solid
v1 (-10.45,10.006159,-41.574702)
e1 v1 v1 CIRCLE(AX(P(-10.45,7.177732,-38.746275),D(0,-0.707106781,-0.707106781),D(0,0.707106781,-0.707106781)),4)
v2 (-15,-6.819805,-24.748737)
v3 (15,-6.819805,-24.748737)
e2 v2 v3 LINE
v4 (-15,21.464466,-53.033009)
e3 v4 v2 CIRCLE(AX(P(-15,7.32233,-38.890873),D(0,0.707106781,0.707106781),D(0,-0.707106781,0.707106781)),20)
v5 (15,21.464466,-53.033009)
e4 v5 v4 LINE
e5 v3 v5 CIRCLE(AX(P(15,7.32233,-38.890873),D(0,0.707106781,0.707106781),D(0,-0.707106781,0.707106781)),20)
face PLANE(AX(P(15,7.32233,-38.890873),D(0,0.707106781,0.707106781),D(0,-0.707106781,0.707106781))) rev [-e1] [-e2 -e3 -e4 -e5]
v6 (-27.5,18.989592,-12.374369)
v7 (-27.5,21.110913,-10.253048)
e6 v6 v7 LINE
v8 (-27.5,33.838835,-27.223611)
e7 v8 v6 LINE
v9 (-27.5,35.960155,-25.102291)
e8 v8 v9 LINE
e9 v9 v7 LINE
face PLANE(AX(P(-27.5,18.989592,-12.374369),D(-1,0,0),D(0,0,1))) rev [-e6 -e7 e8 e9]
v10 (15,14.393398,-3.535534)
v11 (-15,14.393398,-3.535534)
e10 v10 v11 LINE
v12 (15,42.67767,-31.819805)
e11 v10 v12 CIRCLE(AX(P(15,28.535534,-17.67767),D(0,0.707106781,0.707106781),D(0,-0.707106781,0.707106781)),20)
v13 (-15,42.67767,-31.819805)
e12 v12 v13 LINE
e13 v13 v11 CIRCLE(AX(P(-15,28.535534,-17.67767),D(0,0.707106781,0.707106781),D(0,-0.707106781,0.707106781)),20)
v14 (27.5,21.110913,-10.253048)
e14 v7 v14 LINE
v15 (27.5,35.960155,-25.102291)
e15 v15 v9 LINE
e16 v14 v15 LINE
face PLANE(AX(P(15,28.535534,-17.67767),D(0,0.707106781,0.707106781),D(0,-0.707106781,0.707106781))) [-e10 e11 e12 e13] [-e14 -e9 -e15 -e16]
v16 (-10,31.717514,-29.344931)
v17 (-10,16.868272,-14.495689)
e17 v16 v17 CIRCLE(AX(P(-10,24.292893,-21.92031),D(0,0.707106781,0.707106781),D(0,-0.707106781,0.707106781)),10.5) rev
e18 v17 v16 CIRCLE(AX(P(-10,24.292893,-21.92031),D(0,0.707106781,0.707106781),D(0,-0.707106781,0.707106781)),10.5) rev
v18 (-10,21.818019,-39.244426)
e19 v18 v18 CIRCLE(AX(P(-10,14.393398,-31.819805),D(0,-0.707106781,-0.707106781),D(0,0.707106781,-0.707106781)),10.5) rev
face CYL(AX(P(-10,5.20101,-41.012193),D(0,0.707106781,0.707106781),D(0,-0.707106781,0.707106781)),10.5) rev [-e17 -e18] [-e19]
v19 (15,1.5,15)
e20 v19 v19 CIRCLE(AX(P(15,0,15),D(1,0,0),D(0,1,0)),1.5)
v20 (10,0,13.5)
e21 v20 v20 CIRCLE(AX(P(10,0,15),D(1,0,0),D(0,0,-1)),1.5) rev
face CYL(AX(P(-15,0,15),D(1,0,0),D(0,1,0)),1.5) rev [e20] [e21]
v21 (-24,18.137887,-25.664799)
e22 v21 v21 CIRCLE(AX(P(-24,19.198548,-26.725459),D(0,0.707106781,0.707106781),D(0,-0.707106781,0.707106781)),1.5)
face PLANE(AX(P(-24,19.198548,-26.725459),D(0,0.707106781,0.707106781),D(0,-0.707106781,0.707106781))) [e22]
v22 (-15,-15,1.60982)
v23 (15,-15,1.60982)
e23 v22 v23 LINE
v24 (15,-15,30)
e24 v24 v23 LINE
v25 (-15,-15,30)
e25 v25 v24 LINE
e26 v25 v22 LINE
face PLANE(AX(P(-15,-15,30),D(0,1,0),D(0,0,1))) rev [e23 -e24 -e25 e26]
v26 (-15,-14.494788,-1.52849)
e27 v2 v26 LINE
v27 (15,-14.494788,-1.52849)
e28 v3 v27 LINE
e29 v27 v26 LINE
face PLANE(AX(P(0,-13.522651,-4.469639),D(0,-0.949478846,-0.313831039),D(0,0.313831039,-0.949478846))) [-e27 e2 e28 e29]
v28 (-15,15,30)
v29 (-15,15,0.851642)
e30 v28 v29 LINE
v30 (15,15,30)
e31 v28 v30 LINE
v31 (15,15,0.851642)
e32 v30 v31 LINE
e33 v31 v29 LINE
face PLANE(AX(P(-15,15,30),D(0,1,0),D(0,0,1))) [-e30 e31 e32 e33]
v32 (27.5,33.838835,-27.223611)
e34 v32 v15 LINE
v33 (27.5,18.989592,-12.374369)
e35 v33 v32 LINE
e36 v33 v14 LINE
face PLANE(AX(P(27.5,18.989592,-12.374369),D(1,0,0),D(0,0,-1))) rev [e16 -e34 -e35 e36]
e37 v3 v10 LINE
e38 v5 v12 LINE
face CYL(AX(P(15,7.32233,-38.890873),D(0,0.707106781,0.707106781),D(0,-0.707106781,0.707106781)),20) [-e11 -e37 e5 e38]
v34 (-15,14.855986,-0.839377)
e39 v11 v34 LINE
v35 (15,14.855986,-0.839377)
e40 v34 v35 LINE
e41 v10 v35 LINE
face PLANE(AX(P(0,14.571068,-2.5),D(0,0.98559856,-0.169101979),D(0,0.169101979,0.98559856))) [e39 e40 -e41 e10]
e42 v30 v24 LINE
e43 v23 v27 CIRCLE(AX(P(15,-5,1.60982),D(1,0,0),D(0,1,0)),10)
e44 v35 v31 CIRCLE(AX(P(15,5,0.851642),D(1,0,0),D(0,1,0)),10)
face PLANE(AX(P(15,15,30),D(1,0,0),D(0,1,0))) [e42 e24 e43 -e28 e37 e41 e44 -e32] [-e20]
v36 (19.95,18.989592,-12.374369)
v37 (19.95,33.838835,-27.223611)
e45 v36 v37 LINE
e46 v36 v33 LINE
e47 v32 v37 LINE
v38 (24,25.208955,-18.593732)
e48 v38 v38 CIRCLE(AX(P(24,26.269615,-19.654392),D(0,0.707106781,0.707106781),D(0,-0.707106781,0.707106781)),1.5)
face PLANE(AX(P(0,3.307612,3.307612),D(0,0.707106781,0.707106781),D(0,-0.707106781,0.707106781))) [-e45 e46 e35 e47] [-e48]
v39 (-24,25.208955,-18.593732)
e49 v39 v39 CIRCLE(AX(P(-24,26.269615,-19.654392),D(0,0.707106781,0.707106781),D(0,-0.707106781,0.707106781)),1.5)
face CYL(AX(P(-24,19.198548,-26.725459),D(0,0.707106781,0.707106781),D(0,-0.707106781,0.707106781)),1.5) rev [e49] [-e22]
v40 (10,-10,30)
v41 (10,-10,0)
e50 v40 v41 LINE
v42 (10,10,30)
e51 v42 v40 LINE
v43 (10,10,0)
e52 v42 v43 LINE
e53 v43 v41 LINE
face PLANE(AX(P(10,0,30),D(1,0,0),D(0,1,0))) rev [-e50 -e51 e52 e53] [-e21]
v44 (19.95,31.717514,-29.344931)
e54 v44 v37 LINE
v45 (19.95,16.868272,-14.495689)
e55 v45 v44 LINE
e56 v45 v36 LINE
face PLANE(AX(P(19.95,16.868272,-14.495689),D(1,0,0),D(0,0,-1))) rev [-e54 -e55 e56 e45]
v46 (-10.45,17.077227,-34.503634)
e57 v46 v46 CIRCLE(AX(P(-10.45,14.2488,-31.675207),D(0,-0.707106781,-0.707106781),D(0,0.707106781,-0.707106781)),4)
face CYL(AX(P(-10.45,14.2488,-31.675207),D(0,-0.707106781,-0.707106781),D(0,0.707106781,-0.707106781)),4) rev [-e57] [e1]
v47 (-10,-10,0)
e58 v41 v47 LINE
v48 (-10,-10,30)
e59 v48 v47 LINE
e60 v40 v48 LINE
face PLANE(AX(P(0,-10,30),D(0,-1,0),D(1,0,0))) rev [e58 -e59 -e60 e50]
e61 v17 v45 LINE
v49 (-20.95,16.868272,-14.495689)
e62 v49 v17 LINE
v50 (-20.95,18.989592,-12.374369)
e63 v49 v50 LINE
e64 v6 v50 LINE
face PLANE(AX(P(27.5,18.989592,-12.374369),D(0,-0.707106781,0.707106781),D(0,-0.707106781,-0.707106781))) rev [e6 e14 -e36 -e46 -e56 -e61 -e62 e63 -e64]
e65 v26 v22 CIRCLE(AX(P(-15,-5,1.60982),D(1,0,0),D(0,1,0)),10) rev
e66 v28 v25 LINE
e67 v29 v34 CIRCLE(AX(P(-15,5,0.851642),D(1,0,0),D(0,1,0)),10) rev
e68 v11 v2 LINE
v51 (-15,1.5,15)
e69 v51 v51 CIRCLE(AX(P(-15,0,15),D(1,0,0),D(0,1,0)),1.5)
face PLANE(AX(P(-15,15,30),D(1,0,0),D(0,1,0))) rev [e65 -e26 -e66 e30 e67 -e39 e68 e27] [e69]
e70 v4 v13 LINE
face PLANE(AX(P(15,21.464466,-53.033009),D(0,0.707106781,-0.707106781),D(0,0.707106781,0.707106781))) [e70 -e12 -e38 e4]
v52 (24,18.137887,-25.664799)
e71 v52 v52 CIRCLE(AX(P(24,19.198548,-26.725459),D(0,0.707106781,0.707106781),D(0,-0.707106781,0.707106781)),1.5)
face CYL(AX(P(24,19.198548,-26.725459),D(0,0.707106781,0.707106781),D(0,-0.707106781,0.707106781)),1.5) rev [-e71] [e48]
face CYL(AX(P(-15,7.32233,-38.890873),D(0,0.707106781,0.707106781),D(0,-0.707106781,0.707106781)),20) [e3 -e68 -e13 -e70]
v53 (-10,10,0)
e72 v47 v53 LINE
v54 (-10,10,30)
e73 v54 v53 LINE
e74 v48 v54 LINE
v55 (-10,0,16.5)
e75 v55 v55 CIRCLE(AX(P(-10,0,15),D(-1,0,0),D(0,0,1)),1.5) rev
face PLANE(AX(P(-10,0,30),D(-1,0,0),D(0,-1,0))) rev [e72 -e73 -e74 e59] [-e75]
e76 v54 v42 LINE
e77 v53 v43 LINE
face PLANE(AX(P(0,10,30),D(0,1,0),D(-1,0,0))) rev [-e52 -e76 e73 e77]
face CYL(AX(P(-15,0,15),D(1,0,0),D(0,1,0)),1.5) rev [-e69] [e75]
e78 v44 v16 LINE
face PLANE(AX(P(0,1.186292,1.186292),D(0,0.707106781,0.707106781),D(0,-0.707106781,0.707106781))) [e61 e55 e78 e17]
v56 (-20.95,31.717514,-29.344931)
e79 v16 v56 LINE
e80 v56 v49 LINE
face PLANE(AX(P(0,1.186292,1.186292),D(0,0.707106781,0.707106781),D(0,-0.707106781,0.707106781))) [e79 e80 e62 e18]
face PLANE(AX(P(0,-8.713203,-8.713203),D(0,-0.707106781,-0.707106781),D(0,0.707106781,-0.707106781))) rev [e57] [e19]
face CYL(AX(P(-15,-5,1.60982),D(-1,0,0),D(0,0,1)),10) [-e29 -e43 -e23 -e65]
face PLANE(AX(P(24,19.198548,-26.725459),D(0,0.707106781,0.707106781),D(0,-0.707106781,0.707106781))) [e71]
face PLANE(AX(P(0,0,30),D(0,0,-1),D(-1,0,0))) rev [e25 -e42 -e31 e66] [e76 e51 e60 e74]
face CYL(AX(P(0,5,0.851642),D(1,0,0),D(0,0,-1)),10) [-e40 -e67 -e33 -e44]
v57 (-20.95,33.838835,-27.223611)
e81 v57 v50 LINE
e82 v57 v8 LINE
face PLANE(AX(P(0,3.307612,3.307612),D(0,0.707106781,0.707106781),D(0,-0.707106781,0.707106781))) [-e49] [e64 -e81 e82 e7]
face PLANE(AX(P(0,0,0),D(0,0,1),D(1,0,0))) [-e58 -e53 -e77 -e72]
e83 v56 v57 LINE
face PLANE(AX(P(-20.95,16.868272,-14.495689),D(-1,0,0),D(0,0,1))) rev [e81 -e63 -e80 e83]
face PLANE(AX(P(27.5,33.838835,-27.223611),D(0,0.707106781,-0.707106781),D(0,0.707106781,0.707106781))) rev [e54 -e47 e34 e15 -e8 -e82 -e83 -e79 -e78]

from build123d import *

# Parameters (mm, degrees)
SKETCH1_W           = 30
SKETCH1_H           = 30
BOSS_EXTRUDE1_DEPTH = 30
BOSS_EXTRUDE3_DEPTH = 30
SKETCH19_W          = 55
SKETCH19_H          = 21
CUT_EXTRUDE2_DEPTH  = 3
SKETCH20_R          = 1.5
CUT_EXTRUDE3_DEPTH  = 10
SKETCH21_R          = 10.5
CUT_EXTRUDE4_DEPTH  = 30
SKETCH22_W          = 40.9
SKETCH22_H          = 21
CUT_EXTRUDE7_DEPTH  = 3
FILLET2_R           = 10
FILLET3_R           = 10
SKETCH23_R          = 1.5
CUT_EXTRUDE8_DEPTH  = 30
SKETCH24_W          = 23.993806076
SKETCH24_H          = 21.426788773
SKETCH24_R          = 4
BOSS_EXTRUDE4_DEPTH = 10
SKETCH25_W          = 20
SKETCH25_H          = 20
CUT_EXTRUDE10_DEPTH = 30


with BuildPart() as part:
    # Sketch1 → Boss-Extrude1 (new body)
    with BuildSketch(Plane.XY):
        Rectangle(SKETCH1_W, SKETCH1_H)
        Polygon((-3.181061689, 4.218151635), (-0.042296032, 4.218151635), (3.181061689, 4.218151635), (5.633333333, 6.670423279), (5.633333333, 8.284397195), (2.733333333, 8.284397195), (2.733333333, 10), (10, 10), (10, 2.733333333), (8.80386145, 2.733333333), (8.80386145, 5.633333333), (6.670423279, 5.633333333), (4.218151635, 3.181061689), (4.218151635, 0.042296032), (4.218151635, -3.181061689), (6.670423279, -5.633333333), (8.284397195, -5.633333333), (8.284397195, -2.733333333), (10, -2.733333333), (10, -10), (2.733333333, -10), (2.733333333, -8.80386145), (5.633333333, -8.80386145), (5.633333333, -6.670423279), (3.181061689, -4.218151635), (0.042296032, -4.218151635), (-3.181061689, -4.218151635), (-5.633333333, -6.670423279), (-5.633333333, -8.284397195), (-2.733333333, -8.284397195), (-2.733333333, -10), (-10, -10), (-10, -2.733333333), (-8.80386145, -2.733333333), (-8.80386145, -5.633333333), (-6.670423279, -5.633333333), (-4.218151635, -3.181061689), (-4.218151635, -0.042296032), (-4.218151635, 3.181061689), (-6.670423279, 5.633333333), (-8.284397195, 5.633333333), (-8.284397195, 2.733333333), (-10, 2.733333333), (-10, 10), (-2.733333333, 10), (-2.733333333, 8.80386145), (-5.633333333, 8.80386145), (-5.633333333, 6.670423279), align=None, mode=Mode.SUBTRACT)
    extrude(amount=BOSS_EXTRUDE1_DEPTH)



with BuildPart() as body_2:
    # Sketch9 → Boss-Extrude3 (new body)
    with BuildSketch(Plane(origin=(15, 17.928932188, -7.071067812), x_dir=(1, 0, 0), z_dir=(0, 0.7071067811865437, 0.7071067811865515))):
        with BuildLine():
            Line((0, -5), (-30, -5))
            ThreePointArc((-30, -5), (-50, 15), (-30, 35))
            Line((-30, 35), (0, 35))
            ThreePointArc((0, 35), (20, 15), (0, -5))
        make_face()
    extrude(amount=-BOSS_EXTRUDE3_DEPTH)


with BuildPart() as part_1:
    add(part.part)

    add(body_2.part)  # Loft5 merges body 2
    # Sketch16 → Loft5 section 0
    with BuildSketch(Plane(origin=(0, 8.964466094, -8.964466094), x_dir=(1, 0, 0), z_dir=(0, -0.7071067811865513, 0.7071067811865438))):
        with BuildLine():
            Line((-15, 7.67766953), (15, 7.67766953))
            Line((15, 7.67766953), (15, -22.32233047))
            Line((15, -22.32233047), (-15, -22.32233047))
            Line((-15, -22.32233047), (-15, 7.67766953))
        make_face()
    # Sketch17 → Loft5 section 1
    with BuildSketch(Plane(origin=(0, 0, 0), x_dir=(-1, 0, 0), z_dir=(0, 0, -1))):
        with BuildLine():
            Line((15, 15), (-15, 15))
            Line((-15, 15), (-15, -15))
            Line((-15, -15), (15, -15))
            Line((15, -15), (15, 15))
        make_face()
    loft()

    # Sketch19 → Cut-Extrude2 (cut)
    with BuildSketch(Plane(origin=(0, 5.428932188, 5.428932188), x_dir=(1, 0, 0), z_dir=(0, 0.7071067811865438, 0.7071067811865513))):
        with Locations((0, 32.67766953)):
            Rectangle(SKETCH19_W, SKETCH19_H)
    extrude(amount=-CUT_EXTRUDE2_DEPTH, mode=Mode.SUBTRACT)

    # Sketch20 → Cut-Extrude3 (cut)
    with BuildSketch(Plane(origin=(0, 3.307611845, 3.307611845), x_dir=(1, 0, 0), z_dir=(0, 0.7071067811865438, 0.7071067811865512))):
        with Locations(Location((24, 32.473176799, 0), (0, 0, 270))):
            Circle(SKETCH20_R)
        with Locations(Location((-24, 32.473176799, 0), (0, 0, 270))):
            Circle(SKETCH20_R)
    extrude(amount=-CUT_EXTRUDE3_DEPTH, mode=Mode.SUBTRACT)

    # Sketch21 → Cut-Extrude4 (cut)
    with BuildSketch(Plane(origin=(0, 3.307611845, 3.307611845), x_dir=(1, 0, 0), z_dir=(0, 0.7071067811865438, 0.7071067811865512))):
        with Locations(Location((-10, 32.67766953, 0), (0, 0, 270))):
            Circle(SKETCH21_R)
    extrude(amount=-CUT_EXTRUDE4_DEPTH, mode=Mode.SUBTRACT)

    # Sketch22 → Cut-Extrude7 (cut)
    with BuildSketch(Plane(origin=(0, 3.307611845, 3.307611845), x_dir=(1, 0, 0), z_dir=(0, 0.7071067811865438, 0.7071067811865512))):
        with Locations((-0.5, 32.67766953)):
            Rectangle(SKETCH22_W, SKETCH22_H)
    extrude(amount=-CUT_EXTRUDE7_DEPTH, mode=Mode.SUBTRACT)

    # Fillet2
    fillet2_edges = [part_1.edges().sort_by_distance(p)[0] for p in [
        (0, 15, 0),
    ]]
    fillet(fillet2_edges, radius=FILLET2_R)

    # Fillet3
    fillet3_edges = [part_1.edges().sort_by_distance(p)[0] for p in [
        (0, -15, 0),
    ]]
    fillet(fillet3_edges, radius=FILLET3_R)

    # Sketch23 → Cut-Extrude8 (cut)
    with BuildSketch(Plane(origin=(15, 0, 0), x_dir=(0, 0, -1), z_dir=(1, 0, 0))):
        with Locations(Location((-15, 0, 0), (0, 0, 90))):
            Circle(SKETCH23_R)
    extrude(amount=-CUT_EXTRUDE8_DEPTH, mode=Mode.SUBTRACT)

    # Sketch24 → Boss-Extrude4 (add)
    with BuildSketch(Plane(origin=(0, -15.784271247, -15.784271247), x_dir=(1, 0, 0), z_dir=(0, -0.7071067811865438, -0.7071067811865513))):
        with Locations((-10.45, -32.473176799)):
            Rectangle(SKETCH24_W, SKETCH24_H)
        with Locations(Location((-10.45, -32.473176799, 0), (0, 0, 270))):
            Circle(SKETCH24_R, mode=Mode.SUBTRACT)
    extrude(amount=-BOSS_EXTRUDE4_DEPTH)

    # Sketch25 → Cut-Extrude10 (cut)
    with BuildSketch(Plane.XY.offset(30)):
        Rectangle(SKETCH25_W, SKETCH25_H)
    extrude(amount=-CUT_EXTRUDE10_DEPTH, mode=Mode.SUBTRACT)


solid = part_1.part
